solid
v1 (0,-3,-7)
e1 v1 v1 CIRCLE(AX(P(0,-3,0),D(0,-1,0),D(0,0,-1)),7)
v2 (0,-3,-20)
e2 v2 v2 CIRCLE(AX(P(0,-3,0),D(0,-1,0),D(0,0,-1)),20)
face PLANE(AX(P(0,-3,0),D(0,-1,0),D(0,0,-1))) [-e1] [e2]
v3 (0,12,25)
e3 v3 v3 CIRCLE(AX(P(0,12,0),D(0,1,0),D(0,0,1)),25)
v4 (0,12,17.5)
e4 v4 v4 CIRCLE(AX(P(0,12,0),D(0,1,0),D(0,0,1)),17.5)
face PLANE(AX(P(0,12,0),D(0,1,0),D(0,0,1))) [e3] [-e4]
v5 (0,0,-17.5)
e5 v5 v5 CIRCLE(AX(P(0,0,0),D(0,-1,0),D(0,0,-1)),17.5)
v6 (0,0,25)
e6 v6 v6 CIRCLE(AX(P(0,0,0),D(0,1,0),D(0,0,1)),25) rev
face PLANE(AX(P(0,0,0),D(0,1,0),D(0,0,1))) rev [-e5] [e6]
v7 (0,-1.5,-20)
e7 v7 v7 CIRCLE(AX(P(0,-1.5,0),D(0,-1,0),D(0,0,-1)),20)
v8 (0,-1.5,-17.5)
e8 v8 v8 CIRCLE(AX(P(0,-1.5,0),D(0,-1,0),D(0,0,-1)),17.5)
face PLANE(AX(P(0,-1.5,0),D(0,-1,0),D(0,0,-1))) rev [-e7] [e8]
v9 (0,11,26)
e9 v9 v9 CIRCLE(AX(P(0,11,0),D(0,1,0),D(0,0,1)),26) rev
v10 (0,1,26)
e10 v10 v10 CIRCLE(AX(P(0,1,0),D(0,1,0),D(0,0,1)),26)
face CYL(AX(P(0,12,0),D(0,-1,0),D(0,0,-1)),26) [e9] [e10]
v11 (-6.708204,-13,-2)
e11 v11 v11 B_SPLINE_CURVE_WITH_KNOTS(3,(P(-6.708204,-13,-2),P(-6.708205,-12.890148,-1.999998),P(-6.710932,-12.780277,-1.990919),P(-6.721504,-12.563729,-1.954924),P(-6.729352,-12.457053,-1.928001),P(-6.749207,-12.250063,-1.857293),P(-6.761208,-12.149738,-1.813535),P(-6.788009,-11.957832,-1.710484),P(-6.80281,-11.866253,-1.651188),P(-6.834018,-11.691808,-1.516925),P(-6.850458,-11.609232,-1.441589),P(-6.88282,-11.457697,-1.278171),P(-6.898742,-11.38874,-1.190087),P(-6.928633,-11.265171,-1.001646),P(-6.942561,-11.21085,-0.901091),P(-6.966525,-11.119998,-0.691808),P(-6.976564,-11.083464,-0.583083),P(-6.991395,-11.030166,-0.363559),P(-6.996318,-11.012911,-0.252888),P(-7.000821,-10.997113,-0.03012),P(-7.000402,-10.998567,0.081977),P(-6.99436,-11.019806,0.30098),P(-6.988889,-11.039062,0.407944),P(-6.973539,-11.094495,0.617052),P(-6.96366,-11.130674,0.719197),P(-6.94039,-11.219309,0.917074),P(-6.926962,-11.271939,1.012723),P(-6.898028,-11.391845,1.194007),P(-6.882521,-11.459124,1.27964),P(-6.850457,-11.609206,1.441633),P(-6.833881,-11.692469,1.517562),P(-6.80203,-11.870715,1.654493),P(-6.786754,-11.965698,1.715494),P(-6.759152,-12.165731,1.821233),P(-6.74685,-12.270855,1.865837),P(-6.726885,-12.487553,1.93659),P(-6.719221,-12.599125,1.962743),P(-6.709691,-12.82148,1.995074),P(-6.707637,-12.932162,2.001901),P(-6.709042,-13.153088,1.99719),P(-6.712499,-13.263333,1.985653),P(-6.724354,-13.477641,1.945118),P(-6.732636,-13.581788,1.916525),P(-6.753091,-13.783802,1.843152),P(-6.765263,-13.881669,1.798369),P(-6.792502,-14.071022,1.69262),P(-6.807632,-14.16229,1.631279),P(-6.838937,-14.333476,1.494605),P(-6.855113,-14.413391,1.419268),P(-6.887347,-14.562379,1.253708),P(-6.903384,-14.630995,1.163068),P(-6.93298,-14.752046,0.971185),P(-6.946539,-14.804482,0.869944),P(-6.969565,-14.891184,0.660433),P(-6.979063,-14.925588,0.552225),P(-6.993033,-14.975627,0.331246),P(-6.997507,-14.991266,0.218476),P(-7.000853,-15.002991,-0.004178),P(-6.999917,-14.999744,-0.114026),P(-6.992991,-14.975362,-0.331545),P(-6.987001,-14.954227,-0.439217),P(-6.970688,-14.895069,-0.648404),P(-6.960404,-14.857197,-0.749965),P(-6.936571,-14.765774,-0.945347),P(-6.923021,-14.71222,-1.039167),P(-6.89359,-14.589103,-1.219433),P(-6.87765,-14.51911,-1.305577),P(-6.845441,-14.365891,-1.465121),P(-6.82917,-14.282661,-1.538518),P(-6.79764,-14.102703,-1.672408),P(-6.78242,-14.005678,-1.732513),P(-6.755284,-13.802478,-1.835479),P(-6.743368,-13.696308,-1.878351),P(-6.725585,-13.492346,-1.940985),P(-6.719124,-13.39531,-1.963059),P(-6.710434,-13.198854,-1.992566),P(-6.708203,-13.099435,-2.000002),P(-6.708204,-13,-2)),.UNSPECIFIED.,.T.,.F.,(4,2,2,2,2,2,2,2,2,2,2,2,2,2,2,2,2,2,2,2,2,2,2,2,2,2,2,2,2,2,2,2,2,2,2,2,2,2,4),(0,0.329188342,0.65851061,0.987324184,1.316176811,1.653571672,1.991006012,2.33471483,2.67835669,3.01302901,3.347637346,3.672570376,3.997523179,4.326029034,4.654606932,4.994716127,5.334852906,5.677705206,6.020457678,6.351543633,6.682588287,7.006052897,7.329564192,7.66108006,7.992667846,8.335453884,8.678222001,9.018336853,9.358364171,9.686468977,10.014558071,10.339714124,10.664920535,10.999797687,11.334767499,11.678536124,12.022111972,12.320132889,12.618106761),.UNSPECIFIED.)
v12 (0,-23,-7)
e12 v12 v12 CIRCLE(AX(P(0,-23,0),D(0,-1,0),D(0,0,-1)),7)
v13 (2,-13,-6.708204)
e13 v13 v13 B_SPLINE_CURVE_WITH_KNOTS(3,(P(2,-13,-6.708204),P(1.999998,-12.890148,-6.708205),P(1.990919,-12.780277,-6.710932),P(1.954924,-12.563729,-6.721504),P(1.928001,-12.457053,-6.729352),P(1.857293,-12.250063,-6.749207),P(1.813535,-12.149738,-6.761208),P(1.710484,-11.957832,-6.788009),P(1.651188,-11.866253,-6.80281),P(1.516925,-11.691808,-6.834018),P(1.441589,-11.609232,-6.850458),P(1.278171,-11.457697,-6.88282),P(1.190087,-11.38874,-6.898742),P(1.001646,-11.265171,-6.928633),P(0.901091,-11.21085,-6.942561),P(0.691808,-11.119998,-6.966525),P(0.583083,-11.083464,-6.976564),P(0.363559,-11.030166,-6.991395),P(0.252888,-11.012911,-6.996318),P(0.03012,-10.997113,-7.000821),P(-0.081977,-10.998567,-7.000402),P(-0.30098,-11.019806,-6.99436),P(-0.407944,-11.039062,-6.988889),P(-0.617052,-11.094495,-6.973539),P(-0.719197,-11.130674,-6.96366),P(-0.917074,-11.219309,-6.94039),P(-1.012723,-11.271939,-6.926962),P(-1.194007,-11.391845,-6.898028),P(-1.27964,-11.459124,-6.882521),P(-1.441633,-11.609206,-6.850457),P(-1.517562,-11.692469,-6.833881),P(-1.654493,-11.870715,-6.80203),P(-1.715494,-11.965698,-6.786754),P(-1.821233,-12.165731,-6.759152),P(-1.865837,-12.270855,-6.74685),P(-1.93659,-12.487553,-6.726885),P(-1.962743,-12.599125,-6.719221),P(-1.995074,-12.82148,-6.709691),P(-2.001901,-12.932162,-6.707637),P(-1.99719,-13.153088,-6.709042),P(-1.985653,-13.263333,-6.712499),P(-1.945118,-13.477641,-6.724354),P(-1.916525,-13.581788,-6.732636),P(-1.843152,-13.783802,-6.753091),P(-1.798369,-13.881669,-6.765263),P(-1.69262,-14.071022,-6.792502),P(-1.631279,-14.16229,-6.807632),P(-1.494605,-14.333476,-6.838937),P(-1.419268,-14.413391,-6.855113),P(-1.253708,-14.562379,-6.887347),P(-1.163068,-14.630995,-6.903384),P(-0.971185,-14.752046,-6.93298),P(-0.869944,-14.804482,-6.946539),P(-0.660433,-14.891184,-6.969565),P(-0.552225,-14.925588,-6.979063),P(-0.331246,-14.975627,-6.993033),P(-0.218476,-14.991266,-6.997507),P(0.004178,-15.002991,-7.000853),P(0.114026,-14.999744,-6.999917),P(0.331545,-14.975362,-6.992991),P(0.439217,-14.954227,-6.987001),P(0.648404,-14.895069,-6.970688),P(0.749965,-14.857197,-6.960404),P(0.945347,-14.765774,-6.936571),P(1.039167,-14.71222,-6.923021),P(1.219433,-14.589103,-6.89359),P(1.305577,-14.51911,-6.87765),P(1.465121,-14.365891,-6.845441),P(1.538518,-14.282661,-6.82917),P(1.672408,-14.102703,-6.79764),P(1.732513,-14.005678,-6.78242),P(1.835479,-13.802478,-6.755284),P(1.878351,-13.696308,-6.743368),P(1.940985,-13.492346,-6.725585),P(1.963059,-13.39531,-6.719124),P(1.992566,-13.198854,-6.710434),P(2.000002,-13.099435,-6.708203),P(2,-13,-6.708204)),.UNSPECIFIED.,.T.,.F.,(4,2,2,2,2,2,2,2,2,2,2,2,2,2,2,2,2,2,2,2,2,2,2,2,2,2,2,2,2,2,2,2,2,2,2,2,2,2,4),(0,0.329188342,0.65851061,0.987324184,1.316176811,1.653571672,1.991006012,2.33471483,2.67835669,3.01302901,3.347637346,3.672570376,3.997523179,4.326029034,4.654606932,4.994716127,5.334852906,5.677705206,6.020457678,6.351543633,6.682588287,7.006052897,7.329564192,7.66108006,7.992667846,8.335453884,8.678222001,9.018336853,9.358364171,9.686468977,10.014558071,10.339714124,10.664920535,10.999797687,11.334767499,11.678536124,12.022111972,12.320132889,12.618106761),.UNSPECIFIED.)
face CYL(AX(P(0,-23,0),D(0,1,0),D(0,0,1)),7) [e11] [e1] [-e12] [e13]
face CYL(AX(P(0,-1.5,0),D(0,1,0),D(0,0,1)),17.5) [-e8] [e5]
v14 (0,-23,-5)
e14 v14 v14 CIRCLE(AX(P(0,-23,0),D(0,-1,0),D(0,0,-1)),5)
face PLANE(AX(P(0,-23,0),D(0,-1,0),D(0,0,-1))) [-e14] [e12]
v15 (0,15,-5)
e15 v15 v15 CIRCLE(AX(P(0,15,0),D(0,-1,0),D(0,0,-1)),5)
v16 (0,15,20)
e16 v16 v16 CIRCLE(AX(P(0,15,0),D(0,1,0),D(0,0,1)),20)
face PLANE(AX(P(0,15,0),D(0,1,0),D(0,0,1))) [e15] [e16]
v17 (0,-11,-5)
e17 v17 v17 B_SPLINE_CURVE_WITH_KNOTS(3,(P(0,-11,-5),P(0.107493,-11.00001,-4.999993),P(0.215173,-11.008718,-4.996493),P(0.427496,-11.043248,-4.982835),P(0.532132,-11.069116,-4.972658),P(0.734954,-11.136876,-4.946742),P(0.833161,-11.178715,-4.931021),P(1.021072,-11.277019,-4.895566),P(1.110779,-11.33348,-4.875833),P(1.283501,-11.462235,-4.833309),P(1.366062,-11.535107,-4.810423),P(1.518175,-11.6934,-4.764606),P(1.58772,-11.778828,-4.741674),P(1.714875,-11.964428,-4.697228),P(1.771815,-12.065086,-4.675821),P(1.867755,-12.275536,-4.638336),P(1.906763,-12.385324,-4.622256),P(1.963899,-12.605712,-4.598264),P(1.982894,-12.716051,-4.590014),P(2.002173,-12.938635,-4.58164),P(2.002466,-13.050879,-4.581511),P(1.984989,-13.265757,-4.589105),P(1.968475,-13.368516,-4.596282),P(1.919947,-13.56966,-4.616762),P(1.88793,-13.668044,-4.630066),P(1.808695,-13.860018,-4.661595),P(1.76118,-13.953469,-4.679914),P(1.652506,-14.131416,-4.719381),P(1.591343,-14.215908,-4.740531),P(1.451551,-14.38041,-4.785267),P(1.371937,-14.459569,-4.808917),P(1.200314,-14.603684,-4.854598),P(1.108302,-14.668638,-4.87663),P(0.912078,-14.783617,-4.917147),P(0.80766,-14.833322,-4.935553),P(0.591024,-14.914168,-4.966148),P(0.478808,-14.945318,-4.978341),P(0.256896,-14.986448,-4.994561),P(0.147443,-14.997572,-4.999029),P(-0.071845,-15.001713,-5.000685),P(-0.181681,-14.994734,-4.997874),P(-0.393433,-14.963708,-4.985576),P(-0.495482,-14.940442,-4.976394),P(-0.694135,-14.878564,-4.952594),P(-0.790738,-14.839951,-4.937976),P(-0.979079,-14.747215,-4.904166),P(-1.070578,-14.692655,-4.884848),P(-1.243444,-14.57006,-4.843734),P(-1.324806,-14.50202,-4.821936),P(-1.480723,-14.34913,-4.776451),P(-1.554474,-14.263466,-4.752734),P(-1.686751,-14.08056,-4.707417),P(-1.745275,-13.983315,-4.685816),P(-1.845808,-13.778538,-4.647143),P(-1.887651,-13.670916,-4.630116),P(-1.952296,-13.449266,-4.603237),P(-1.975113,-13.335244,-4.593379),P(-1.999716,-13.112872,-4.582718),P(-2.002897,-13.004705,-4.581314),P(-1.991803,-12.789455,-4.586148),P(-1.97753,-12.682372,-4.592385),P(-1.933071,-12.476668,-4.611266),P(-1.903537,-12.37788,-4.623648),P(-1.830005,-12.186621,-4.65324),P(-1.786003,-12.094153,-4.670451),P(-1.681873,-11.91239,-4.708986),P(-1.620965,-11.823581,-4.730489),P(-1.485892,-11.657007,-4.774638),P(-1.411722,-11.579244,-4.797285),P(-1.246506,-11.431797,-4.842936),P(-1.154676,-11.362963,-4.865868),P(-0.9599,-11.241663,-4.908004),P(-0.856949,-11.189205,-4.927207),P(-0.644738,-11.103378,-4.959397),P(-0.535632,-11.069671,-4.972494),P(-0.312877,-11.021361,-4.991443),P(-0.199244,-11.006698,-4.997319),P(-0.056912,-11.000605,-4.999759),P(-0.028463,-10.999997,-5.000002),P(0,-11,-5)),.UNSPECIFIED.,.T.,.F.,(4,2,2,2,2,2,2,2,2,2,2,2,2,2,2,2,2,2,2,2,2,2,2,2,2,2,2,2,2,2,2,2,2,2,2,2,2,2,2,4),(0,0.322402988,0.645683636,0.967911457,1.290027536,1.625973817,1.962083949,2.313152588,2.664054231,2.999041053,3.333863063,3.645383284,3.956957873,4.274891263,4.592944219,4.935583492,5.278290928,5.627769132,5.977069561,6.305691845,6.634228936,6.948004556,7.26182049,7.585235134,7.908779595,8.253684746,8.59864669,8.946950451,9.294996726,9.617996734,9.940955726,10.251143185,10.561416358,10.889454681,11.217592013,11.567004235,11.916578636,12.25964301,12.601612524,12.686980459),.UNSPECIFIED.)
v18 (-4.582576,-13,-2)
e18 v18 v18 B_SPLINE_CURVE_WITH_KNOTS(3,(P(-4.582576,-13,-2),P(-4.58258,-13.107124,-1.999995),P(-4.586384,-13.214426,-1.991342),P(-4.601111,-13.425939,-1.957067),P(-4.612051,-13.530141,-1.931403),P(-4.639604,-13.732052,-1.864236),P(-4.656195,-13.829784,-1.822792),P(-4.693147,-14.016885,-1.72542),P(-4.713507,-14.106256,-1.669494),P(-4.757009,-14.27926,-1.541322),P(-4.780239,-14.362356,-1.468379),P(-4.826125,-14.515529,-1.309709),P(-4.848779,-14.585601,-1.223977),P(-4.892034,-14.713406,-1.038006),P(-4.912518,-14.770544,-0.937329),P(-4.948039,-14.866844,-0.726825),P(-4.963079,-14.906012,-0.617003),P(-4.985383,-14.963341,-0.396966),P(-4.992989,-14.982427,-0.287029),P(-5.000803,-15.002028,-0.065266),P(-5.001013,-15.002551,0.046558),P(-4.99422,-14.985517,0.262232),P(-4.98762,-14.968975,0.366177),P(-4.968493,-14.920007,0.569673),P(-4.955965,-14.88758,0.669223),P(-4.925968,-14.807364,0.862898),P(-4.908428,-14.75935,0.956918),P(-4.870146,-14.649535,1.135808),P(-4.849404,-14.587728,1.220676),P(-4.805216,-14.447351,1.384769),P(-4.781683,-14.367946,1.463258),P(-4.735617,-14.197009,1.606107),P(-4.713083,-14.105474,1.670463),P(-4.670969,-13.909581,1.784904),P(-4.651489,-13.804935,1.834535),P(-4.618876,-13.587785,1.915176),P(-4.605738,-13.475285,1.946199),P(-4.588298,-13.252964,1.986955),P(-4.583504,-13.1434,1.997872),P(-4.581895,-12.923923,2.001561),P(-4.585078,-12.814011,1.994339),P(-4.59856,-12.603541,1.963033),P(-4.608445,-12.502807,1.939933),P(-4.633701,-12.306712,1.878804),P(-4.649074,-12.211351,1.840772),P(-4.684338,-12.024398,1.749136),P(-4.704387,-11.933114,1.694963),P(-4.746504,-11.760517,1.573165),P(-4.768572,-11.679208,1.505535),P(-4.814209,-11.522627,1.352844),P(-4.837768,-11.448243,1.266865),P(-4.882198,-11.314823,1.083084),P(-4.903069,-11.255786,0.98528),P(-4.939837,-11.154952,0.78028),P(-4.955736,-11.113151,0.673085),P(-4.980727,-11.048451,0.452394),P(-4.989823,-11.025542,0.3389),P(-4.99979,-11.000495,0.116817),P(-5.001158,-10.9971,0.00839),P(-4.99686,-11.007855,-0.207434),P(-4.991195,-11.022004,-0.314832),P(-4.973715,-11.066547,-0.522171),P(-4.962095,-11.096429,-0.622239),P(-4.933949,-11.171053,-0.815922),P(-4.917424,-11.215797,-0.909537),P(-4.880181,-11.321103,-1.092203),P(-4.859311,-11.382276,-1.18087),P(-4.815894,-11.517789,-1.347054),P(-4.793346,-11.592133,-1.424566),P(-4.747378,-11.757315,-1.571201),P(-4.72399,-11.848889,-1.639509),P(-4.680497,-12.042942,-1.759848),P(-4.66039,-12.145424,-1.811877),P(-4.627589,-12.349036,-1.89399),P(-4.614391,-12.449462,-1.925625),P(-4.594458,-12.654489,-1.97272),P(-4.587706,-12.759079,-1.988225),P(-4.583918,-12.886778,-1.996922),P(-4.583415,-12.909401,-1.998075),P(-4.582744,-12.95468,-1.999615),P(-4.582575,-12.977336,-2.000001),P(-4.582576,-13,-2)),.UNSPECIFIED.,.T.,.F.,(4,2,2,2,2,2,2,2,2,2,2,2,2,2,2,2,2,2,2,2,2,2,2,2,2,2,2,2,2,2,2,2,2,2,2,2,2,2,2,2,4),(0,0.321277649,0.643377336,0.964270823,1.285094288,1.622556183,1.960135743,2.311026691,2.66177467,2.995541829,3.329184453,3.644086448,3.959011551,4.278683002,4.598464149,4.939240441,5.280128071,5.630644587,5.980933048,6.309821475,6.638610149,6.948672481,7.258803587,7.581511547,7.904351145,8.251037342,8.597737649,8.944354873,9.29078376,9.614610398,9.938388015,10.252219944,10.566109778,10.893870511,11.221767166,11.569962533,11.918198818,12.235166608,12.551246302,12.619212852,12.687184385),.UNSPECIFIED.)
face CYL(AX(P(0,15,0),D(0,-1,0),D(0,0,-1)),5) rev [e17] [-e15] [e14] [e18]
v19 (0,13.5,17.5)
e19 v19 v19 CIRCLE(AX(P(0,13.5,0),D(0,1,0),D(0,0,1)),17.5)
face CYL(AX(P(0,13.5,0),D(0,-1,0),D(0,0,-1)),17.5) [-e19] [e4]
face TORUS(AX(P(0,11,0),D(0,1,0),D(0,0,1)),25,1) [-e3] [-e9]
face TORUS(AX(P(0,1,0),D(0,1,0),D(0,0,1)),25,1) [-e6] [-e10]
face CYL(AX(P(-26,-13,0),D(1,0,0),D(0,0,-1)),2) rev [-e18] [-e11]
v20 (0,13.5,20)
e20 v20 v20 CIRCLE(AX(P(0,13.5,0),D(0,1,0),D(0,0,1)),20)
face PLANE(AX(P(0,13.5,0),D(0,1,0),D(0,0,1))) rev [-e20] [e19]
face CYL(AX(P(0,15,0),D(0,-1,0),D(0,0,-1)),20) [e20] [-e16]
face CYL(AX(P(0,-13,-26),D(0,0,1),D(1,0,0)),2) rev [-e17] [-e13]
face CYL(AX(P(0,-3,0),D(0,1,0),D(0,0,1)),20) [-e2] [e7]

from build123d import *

# Parameters (mm, degrees)
SKETCH_1_R          = 26
EXTRUDE_1_DEPTH     = 12
SKETCH_2_R          = 17.5
EXTRUDE_2_DEPTH     = 1.5
EXTRUDE_START       = 1.5
SKETCH_3_R          = 17.5
EXTRUDE_3_DEPTH     = 1.5
SKETCH_4_R          = 20
EXTRUDE_4_DEPTH     = 1.5
SKETCH_5_R          = 20
EXTRUDE_5_DEPTH     = 1.5
SKETCH_6_R          = 5
CUT_EXTRUDE_1_DEPTH = 41.938978981
EXTRUDE_START_2     = 20
SKETCH_7_R          = 7
SKETCH_7_R_2        = 5
EXTRUDE_6_DEPTH     = 20
SKETCH_8_R          = 2
CUT_EXTRUDE_2_DEPTH = 44.370496884
SKETCH_9_R          = 2
CUT_EXTRUDE_3_DEPTH = 44.370496937
FILLET_1_R          = 1
FILLET_2_R          = 1


with BuildPart() as part:
    # 草图1 → 凸台-拉伸1 (new body)
    with BuildSketch(Plane(origin=(0, 0, 0), x_dir=(1, 0, 0), z_dir=(0, 1, 0))):
        with Locations(Location((0, 0, 0), (0, 0, 270))):
            Circle(SKETCH_1_R)
    extrude(amount=EXTRUDE_1_DEPTH)

    # 草图2 → 凸台-拉伸2 (add)
    with BuildSketch(Plane(origin=(0, 12, 0), x_dir=(1, 0, 0), z_dir=(0, 1, 0))):
        with Locations(Location((0, 0, 0), (0, 0, 270))):
            Circle(SKETCH_2_R)
    extrude(amount=EXTRUDE_2_DEPTH)

    # 草图3 → 凸台-拉伸3 (add)
    with BuildSketch(Plane.XZ.offset(EXTRUDE_START)):
        with Locations(Location((0, 0, 0), (0, 0, 90))):
            Circle(SKETCH_3_R)
    extrude(amount=-EXTRUDE_3_DEPTH)

    # 草图4 → 凸台-拉伸4 (add)
    with BuildSketch(Plane(origin=(0, 13.5, 0), x_dir=(1, 0, 0), z_dir=(0, 1, 0))):
        with Locations(Location((0, 0, 0), (0, 0, 270))):
            Circle(SKETCH_4_R)
    extrude(amount=EXTRUDE_4_DEPTH)

    # 草图5 → 凸台-拉伸5 (add)
    with BuildSketch(Plane.XZ.offset(1.5).offset(EXTRUDE_START)):
        with Locations(Location((0, 0, 0), (0, 0, 90))):
            Circle(SKETCH_5_R)
    extrude(amount=-EXTRUDE_5_DEPTH)

    # 草图6 → 切除-拉伸1 (cut, through all)
    with BuildSketch(Plane.XZ.offset(3)):
        with Locations(Location((0, 0, 0), (0, 0, 270))):
            Circle(SKETCH_6_R)
    extrude(amount=-CUT_EXTRUDE_1_DEPTH, mode=Mode.SUBTRACT)

    # 草图7 → 凸台-拉伸6 (add)
    with BuildSketch(Plane.XZ.offset(3).offset(EXTRUDE_START_2)):
        with Locations(Location((0, 0, 0), (0, 0, 270))):
            Circle(SKETCH_7_R)
        with Locations(Location((0, 0, 0), (0, 0, 270))):
            Circle(SKETCH_7_R_2, mode=Mode.SUBTRACT)
    extrude(amount=-EXTRUDE_6_DEPTH)

    # 草图8 → 切除-拉伸2 (cut, through all)
    with BuildSketch(Plane(origin=(0, 0, 0), x_dir=(0, 0, -1), z_dir=(1, 0, 0))):
        with Locations((0, -13)):
            Circle(SKETCH_8_R)
    extrude(amount=-CUT_EXTRUDE_2_DEPTH, mode=Mode.SUBTRACT)

    # 草图9 → 切除-拉伸3 (cut, through all)
    with BuildSketch(Plane.XY):
        with Locations(Location((0, -13, 0), (0, 0, 270.00000003))):
            Circle(SKETCH_9_R)
    extrude(amount=-CUT_EXTRUDE_3_DEPTH, mode=Mode.SUBTRACT)

    # 圆角1
    fillet_1_edges = [part.edges().sort_by_distance(p)[0] for p in [
        (0, 12, -26),
    ]]
    fillet(fillet_1_edges, radius=FILLET_1_R)

    # 圆角2
    fillet_2_edges = [part.edges().sort_by_distance(p)[0] for p in [
        (0, 0, -26),
    ]]
    fillet(fillet_2_edges, radius=FILLET_2_R)


solid = part.part
